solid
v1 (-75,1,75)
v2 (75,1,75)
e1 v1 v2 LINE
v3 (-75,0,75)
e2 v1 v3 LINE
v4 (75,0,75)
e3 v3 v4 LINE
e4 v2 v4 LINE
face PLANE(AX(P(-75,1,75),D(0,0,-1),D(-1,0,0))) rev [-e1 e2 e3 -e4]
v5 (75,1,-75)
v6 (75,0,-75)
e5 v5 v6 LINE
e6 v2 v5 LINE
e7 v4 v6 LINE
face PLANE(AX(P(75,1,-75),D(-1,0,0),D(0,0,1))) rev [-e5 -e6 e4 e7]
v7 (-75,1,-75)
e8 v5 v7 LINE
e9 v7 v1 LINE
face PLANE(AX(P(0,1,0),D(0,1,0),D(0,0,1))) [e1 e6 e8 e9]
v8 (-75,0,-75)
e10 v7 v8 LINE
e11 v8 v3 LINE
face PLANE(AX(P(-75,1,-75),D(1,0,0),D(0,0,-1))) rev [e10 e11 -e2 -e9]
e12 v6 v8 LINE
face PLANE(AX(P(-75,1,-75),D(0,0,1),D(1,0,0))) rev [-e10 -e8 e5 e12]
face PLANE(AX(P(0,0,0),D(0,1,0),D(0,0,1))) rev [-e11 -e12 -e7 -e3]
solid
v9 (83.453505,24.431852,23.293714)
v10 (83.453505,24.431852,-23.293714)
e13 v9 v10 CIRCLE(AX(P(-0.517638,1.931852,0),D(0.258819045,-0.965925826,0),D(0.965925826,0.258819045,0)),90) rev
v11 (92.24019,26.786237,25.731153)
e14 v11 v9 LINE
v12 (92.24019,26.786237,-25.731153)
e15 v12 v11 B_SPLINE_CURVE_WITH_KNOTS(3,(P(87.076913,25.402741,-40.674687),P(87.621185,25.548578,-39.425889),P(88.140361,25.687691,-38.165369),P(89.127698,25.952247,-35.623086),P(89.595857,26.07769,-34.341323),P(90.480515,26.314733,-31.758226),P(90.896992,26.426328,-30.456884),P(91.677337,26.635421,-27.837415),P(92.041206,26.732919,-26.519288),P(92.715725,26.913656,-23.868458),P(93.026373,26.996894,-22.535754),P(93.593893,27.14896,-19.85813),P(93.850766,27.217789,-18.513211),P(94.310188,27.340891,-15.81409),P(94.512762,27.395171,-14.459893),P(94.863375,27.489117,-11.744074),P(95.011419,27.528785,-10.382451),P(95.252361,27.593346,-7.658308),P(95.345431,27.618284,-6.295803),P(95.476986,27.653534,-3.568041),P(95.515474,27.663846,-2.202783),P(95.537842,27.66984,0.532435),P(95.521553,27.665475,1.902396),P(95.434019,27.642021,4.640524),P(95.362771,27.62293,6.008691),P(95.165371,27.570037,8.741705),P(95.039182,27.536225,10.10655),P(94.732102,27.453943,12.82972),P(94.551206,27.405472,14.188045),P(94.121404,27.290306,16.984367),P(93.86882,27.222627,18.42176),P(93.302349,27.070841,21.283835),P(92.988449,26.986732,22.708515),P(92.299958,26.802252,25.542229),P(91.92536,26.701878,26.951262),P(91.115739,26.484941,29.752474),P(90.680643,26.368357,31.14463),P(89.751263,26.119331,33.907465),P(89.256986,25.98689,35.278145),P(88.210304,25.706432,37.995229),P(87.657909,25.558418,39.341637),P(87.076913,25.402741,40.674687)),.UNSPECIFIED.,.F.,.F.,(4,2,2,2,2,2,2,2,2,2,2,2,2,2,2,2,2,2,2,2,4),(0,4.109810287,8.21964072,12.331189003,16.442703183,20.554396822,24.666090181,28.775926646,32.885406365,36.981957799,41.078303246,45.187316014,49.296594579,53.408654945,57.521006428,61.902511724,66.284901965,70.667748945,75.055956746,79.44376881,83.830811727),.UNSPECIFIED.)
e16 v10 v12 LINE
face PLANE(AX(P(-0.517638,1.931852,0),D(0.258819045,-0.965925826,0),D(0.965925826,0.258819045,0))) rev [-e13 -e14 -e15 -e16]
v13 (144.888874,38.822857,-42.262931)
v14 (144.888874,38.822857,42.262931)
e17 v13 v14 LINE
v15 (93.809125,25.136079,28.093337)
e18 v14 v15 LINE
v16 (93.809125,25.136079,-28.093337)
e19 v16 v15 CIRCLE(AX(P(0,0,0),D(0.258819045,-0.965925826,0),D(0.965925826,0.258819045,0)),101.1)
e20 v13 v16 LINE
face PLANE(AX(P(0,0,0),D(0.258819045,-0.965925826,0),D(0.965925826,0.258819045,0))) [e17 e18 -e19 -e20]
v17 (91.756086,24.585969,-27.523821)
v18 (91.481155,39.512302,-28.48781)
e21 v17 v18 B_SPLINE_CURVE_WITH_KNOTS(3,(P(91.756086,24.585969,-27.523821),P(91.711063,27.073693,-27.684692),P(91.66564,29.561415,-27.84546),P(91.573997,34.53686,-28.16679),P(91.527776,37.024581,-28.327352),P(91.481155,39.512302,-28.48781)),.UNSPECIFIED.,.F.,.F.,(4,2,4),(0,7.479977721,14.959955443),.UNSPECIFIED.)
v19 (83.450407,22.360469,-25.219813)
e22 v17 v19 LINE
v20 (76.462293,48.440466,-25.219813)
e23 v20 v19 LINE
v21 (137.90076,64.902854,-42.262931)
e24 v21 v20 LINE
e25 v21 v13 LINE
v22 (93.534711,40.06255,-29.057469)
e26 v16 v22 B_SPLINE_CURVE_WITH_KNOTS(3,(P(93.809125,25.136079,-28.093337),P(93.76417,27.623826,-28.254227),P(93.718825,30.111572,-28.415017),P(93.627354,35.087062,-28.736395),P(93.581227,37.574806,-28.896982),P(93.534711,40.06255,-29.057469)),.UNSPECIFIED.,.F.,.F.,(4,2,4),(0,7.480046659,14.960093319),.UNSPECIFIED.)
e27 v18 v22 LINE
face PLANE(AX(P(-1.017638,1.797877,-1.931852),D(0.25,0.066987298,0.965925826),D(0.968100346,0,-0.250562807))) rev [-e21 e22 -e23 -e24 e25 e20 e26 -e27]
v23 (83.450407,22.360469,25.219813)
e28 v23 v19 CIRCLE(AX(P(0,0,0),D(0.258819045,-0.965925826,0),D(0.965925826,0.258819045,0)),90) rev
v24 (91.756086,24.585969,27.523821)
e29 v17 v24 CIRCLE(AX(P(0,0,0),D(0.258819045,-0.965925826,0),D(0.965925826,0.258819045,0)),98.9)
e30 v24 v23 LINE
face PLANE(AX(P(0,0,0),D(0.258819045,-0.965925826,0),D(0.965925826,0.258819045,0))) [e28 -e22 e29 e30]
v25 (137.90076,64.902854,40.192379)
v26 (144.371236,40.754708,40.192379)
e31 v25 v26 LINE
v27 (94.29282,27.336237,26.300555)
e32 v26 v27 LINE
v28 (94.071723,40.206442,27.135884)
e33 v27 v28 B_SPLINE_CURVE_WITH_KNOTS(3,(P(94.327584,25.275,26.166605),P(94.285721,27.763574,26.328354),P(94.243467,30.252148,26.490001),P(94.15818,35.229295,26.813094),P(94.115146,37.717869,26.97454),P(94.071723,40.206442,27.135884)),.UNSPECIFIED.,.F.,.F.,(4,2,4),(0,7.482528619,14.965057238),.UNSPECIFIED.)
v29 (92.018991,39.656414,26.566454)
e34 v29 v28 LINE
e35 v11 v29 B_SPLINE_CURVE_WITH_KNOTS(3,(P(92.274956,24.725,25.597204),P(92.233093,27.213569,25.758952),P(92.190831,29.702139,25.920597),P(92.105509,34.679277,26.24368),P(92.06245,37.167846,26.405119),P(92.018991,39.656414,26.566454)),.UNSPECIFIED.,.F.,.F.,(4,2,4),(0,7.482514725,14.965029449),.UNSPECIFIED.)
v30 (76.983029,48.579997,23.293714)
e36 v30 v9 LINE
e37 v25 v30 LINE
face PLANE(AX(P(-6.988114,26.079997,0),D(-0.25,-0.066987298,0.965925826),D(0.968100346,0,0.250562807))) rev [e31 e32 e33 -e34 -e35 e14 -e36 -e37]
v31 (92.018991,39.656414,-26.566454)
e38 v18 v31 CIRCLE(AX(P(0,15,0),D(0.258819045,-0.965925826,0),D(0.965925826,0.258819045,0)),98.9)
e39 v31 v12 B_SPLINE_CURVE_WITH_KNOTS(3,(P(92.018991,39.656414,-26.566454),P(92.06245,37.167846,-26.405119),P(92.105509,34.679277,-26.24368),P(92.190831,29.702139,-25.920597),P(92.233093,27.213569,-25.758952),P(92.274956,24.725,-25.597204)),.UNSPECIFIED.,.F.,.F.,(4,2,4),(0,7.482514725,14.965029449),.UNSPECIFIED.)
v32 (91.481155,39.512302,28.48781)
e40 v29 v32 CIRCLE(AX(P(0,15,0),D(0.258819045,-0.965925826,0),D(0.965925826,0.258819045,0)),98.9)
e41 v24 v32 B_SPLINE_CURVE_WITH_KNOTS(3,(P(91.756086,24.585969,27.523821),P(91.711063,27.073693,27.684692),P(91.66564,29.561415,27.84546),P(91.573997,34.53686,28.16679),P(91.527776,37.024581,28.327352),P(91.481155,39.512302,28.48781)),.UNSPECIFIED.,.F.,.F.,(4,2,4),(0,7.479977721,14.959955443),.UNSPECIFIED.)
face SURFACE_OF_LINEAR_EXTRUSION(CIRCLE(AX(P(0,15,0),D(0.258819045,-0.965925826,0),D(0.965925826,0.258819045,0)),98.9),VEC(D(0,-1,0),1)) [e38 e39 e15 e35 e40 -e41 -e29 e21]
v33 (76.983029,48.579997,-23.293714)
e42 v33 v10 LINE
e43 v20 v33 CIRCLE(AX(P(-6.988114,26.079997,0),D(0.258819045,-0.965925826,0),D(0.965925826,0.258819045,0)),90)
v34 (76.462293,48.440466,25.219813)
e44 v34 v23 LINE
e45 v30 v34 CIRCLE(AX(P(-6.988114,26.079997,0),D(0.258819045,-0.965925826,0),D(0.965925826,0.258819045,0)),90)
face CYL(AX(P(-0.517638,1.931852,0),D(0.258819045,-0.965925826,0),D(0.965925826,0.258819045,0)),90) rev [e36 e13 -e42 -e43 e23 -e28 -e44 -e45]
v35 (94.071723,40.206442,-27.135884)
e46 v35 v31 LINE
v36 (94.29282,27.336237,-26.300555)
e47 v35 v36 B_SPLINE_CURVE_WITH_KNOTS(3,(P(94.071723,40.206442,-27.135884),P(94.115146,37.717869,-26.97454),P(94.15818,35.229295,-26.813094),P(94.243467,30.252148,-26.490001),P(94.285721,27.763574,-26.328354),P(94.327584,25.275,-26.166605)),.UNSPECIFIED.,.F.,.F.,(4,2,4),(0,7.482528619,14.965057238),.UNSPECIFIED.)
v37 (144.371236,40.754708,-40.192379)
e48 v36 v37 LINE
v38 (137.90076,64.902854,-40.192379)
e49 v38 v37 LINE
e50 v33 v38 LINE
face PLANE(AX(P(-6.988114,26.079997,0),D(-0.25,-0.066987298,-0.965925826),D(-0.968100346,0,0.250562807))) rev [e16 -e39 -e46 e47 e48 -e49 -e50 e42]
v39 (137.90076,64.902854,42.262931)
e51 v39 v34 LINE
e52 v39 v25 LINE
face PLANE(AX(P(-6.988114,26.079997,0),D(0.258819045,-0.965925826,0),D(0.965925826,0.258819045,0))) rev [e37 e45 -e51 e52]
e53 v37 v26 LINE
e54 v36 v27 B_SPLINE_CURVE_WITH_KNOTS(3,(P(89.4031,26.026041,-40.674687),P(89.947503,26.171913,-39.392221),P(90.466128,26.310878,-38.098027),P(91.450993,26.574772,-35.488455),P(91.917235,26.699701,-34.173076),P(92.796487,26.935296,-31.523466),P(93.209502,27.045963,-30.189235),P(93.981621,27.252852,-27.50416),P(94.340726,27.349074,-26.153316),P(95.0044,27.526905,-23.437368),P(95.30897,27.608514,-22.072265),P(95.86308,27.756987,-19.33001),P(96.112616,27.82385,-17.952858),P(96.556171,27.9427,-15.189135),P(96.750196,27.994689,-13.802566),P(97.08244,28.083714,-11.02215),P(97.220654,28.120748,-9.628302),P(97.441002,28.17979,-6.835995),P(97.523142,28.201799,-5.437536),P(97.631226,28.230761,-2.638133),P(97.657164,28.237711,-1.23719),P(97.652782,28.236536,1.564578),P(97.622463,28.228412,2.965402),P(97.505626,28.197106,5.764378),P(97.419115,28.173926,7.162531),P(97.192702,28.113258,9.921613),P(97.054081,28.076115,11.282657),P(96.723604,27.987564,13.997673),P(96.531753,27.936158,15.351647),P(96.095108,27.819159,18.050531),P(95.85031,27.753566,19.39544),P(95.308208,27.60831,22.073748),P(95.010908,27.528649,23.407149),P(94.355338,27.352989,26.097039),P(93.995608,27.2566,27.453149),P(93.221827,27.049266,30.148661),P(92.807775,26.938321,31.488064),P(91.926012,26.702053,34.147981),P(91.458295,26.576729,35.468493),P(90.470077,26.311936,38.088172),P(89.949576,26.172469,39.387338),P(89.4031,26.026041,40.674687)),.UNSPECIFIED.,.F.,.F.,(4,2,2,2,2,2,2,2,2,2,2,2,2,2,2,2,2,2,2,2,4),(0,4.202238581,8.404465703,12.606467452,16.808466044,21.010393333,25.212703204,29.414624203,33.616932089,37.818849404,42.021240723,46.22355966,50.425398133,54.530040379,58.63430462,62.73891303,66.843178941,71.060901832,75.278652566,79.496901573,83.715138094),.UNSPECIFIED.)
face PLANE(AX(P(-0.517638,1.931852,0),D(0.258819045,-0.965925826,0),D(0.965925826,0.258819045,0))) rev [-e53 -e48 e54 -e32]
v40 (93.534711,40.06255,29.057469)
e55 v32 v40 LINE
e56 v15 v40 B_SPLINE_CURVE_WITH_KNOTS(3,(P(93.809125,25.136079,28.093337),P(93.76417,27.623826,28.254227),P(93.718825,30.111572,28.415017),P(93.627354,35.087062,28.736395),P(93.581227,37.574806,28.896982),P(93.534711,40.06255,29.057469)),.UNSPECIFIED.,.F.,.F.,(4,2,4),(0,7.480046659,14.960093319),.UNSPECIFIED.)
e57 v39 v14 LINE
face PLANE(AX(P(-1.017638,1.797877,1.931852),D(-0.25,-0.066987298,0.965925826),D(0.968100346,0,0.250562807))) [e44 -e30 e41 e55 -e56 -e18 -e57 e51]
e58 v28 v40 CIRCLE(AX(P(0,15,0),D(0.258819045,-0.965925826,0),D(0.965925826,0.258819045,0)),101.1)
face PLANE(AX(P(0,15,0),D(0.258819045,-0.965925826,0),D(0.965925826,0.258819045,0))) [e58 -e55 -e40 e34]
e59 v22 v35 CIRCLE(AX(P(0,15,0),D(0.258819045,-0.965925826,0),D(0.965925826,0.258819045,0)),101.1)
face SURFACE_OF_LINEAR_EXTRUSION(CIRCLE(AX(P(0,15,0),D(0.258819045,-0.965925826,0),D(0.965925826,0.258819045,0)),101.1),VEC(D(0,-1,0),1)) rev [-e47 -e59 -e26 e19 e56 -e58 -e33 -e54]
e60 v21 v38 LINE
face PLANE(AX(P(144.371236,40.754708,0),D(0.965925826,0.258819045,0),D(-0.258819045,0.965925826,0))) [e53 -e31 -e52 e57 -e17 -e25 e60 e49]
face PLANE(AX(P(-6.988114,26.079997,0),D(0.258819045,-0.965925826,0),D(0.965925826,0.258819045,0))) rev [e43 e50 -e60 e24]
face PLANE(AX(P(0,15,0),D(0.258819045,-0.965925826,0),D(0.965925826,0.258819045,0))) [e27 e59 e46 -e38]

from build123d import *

# Parameters (mm, degrees)
SKETCH4_W           = 150
SKETCH4_H           = 150
BOSS_EXTRUDE4_DEPTH = 1
BOSS_EXTRUDE5_DEPTH = 2
BOSS_EXTRUDE6_START = 2
BOSS_EXTRUDE6_DEPTH = 25
SKETCH8_R           = 101.1
SKETCH8_R_2         = 98.9
CUT_EXTRUDE4_DEPTH  = 15


with BuildPart() as part:
    # Sketch4 → Boss-Extrude4 (new body)
    with BuildSketch(Plane(origin=(0, 0, 0), x_dir=(1, 0, 0), z_dir=(0, 1, 0))):
        Rectangle(SKETCH4_W, SKETCH4_H)
    extrude(amount=BOSS_EXTRUDE4_DEPTH)


with BuildPart() as body_2:
    # Sketch1 → Boss-Extrude5 (new body)
    with BuildSketch(Plane(origin=(0, 0, 0), x_dir=(0.9659258262890681, 0.25881904510252135, 0), z_dir=(-0.25881904510252135, 0.9659258262890681, 0))):
        with BuildLine():
            ThreePointArc((86.394218607, 25.219813467), (90, 0), (86.394218607, -25.219813467))
            Line((86.394218607, -25.219813467), (150, -42.262931225))
            Line((150, -42.262931225), (150, 42.262931225))
            Line((150, 42.262931225), (86.394218607, 25.219813467))
        make_face()
    extrude(amount=BOSS_EXTRUDE5_DEPTH)

    # Sketch1<7> → Boss-Extrude6 (add)
    with BuildSketch(Plane(origin=(0, 0, 0), x_dir=(0.9659258262890681, 0.25881904510252135, 0), z_dir=(-0.25881904510252135, 0.9659258262890681, 0)).offset(BOSS_EXTRUDE6_START)):
        with BuildLine():
            ThreePointArc((86.394218607, 25.219813467), (86.669122258, 24.258261418), (86.933324366, 23.293714059))
            Line((86.933324366, 23.293714059), (150, 40.192378865))
            Line((150, 40.192378865), (150, 42.262931225))
            Line((150, 42.262931225), (86.394218607, 25.219813467))
        make_face()
        with BuildLine():
            ThreePointArc((86.933324366, -23.293714059), (86.669122258, -24.258261418), (86.394218607, -25.219813467))
            Line((86.394218607, -25.219813467), (150, -42.262931225))
            Line((150, -42.262931225), (150, -40.192378865))
            Line((150, -40.192378865), (86.933324366, -23.293714059))
        make_face()
    extrude(amount=BOSS_EXTRUDE6_DEPTH)

    # Sketch8 → Cut-Extrude4 (cut, along a direction that is not the sketch's normal)
    with BuildSketch(Plane(origin=(0, 0, 0), x_dir=(-0.9659258262890681, -0.25881904510252135, 0), z_dir=(0.25881904510252135, -0.9659258262890681, 0))):
        Circle(SKETCH8_R)
        Circle(SKETCH8_R_2, mode=Mode.SUBTRACT)
    extrude(amount=-CUT_EXTRUDE4_DEPTH, dir=(0, -1, 0), mode=Mode.SUBTRACT)


solid = Compound([part.part, body_2.part])
